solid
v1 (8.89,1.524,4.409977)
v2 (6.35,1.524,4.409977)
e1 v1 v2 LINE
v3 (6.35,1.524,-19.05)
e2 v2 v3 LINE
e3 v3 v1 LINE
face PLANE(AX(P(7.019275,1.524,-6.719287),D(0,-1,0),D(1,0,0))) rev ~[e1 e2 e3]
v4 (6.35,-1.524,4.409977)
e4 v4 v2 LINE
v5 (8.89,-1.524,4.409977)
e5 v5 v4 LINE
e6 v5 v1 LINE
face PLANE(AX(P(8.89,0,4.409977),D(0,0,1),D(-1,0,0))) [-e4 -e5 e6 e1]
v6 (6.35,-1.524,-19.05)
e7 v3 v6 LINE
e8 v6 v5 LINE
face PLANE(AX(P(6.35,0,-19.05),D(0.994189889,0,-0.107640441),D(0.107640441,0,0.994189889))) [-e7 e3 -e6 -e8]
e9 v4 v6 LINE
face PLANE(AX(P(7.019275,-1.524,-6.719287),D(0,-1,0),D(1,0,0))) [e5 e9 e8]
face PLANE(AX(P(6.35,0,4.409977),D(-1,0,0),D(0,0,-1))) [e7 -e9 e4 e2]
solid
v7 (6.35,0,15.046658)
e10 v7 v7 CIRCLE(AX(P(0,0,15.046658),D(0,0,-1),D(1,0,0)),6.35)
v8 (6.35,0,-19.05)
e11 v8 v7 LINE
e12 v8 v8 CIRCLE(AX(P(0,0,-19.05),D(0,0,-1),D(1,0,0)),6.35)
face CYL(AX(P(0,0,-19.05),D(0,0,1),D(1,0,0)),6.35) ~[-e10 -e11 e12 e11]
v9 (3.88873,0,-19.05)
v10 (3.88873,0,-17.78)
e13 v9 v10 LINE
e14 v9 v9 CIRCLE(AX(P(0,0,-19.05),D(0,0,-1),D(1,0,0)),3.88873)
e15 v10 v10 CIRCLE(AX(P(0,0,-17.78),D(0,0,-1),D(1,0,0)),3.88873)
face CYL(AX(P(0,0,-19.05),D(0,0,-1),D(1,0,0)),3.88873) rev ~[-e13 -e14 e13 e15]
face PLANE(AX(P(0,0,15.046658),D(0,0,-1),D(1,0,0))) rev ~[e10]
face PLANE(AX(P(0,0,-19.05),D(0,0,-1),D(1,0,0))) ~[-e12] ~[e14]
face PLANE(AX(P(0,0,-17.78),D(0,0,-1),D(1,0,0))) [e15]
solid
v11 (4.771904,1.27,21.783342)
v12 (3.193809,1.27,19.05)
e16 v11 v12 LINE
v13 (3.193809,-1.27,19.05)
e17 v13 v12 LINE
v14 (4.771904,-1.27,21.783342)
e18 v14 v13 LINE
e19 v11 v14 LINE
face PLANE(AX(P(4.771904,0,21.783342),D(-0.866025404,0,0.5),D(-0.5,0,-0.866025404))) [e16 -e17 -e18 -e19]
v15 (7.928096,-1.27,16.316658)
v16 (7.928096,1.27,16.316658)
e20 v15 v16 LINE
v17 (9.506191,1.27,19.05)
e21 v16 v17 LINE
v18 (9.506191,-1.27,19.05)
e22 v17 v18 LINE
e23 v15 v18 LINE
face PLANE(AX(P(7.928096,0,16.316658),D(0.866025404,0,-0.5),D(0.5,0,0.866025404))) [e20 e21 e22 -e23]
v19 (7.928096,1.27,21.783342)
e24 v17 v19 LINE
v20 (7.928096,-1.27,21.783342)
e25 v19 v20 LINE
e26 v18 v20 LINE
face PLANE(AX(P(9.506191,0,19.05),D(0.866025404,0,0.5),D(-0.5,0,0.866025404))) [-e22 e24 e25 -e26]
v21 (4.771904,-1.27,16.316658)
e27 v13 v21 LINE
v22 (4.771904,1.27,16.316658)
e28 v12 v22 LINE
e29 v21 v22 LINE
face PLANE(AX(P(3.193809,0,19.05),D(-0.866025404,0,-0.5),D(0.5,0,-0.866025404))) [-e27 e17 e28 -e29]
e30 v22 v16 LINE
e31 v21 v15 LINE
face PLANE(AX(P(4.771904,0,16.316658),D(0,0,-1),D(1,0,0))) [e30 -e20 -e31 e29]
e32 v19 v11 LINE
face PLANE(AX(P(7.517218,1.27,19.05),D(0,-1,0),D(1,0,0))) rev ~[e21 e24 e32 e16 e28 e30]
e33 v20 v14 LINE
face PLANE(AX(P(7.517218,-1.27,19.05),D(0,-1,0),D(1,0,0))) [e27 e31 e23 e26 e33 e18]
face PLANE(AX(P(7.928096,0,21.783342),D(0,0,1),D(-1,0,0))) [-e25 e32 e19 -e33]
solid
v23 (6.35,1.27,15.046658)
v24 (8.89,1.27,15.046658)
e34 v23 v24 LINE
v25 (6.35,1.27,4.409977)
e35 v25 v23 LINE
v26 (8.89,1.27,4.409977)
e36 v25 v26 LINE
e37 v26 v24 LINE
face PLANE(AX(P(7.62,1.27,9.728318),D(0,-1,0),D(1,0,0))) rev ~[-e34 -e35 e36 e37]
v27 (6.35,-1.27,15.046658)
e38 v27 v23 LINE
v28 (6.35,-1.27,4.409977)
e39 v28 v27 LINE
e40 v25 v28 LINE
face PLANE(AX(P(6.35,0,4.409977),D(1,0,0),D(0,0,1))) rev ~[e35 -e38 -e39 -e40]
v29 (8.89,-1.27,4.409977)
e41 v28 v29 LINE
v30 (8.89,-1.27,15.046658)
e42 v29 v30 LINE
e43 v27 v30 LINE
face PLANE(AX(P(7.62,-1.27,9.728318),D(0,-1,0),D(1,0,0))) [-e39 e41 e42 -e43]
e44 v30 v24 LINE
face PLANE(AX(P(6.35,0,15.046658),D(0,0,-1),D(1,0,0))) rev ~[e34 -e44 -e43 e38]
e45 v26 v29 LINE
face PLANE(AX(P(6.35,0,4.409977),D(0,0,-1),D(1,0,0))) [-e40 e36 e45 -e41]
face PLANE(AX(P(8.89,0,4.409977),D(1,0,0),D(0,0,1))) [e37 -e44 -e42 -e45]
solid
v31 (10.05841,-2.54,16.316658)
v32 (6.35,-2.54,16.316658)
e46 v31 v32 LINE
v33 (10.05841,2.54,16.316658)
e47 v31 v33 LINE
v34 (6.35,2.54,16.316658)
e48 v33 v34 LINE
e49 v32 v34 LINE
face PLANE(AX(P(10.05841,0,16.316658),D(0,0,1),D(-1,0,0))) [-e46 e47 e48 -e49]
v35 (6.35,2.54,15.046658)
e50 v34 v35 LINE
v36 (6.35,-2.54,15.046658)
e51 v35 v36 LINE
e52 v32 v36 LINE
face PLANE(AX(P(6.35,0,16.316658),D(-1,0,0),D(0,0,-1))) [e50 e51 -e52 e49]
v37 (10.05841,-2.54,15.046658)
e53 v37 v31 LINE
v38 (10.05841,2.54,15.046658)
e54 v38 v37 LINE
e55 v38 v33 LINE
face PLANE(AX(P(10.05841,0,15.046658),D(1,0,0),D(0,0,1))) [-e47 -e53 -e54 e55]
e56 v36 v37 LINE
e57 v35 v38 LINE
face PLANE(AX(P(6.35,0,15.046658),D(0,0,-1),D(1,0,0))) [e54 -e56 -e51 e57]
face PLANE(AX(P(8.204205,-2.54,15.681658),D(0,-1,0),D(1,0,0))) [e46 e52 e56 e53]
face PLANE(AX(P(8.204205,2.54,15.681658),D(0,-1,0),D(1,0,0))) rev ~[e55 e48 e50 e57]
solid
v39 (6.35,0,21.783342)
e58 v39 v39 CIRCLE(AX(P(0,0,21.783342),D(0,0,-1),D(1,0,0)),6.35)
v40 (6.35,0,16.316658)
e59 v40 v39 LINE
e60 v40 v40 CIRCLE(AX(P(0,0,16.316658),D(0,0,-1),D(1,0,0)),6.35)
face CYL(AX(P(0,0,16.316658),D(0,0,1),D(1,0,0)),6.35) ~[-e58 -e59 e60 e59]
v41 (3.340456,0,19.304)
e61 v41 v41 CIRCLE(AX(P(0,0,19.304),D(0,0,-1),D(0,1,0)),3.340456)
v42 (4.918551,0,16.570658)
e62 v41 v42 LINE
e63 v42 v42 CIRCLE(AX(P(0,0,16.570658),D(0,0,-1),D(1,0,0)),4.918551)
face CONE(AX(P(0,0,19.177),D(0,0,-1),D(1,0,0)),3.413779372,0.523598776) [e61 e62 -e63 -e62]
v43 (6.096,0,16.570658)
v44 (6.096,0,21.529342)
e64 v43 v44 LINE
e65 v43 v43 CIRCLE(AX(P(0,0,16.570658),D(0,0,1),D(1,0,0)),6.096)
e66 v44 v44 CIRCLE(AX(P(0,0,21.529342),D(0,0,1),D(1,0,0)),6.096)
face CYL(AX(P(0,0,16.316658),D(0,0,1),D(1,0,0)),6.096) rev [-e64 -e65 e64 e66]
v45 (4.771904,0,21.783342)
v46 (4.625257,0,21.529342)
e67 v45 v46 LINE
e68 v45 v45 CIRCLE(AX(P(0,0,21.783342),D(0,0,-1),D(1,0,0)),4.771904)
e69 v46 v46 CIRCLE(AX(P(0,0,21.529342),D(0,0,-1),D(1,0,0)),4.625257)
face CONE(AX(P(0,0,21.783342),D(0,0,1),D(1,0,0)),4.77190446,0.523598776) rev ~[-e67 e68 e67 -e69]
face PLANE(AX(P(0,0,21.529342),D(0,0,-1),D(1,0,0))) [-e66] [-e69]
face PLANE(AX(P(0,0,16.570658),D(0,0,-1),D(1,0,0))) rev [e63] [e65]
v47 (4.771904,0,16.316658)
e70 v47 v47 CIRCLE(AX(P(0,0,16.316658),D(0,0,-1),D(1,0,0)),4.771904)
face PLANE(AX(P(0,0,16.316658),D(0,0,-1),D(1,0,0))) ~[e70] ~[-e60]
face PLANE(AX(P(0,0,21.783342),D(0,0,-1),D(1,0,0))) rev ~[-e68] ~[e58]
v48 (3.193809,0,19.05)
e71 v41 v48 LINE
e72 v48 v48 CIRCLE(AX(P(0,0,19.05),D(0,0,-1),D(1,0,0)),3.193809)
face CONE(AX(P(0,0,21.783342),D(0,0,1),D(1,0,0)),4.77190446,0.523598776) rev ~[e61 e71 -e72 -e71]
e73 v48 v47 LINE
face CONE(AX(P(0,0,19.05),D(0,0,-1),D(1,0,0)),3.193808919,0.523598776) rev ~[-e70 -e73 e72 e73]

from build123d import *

# Parameters (mm, degrees)
F3_DEPTH = 1.524
F0_W     = 2.54
F0_H     = 10.6366808762
F4_DEPTH = 1.27
F7_DEPTH = 2.54
F5_DEPTH = 1.27
F6_T     = -0.254
F8_R     = 3.8887295668
F9_DEPTH = 1.27


with BuildPart() as f1:
    # F0 (on Front) → F1 (revolve)
    with BuildSketch(Plane.XZ):
        Polygon((0, -19.05), (6.35, -19.05), (6.35, 4.4099774687), (6.35, 15.0466583449), (0, 15.0466583449), align=None)
    revolve(axis=Axis((0, 0, 1.4181472361), (0, 0, -1)))

    # F8 (on face) → F9 (cut)
    with BuildSketch(Plane(origin=(0, 0, -19.05), x_dir=(1, 0, 0), z_dir=(0, 0, -1))):
        Circle(F8_R)
    extrude(amount=-F9_DEPTH, mode=Mode.SUBTRACT)


with BuildPart() as f2:
    # F0 (on Front) → F2 (revolve)
    with BuildSketch(Plane.XZ):
        Polygon((4.7719044596, 16.3166583449), (6.35, 16.3166583449), (6.35, 19.05), (3.1938089192, 19.05), align=None)
        Polygon((4.7719044596, 21.7833416551), (3.1938089192, 19.05), (6.35, 19.05), (6.35, 21.7833416551), align=None)
    revolve(axis=Axis((0, 0, 1.4181472361), (0, 0, -1)))

    # F6
    f6_openings = [f2.faces().sort_by_distance(p)[0] for p in [
        (-3.982857, 0, 20.416671),
    ]]
    offset(amount=F6_T, openings=f6_openings)


with BuildPart() as f3:
    # F0 (on Front) → F3 (new body, symmetric)
    with BuildSketch(Plane.XZ):
        Polygon((6.35, 4.4099774687), (6.35, -19.05), (8.89, 4.4099774687), align=None)
    extrude(amount=F3_DEPTH, both=True)


with BuildPart() as f4:
    # F0 (on Front) → F4 (new body, symmetric)
    with BuildSketch(Plane.XZ):
        with Locations((7.62, 9.7283179068)):
            Rectangle(F0_W, F0_H)
    extrude(amount=F4_DEPTH, both=True)


with BuildPart() as f7:
    # F0 (on Front) → F7 (new body, symmetric)
    with BuildSketch(Plane.XZ):
        Polygon((6.35, 16.3166583449), (6.35, 15.0466583449), (8.89, 15.0466583449), (10.0584103287, 15.0466583449), (10.0584103287, 16.3166583449), (7.9280955404, 16.3166583449), align=None)
    extrude(amount=F7_DEPTH, both=True)


with BuildPart() as f5:
    # F0 (on Front) → F5 (new body, symmetric)
    with BuildSketch(Plane.XZ):
        Polygon((6.35, 19.05), (6.35, 16.3166583449), (7.9280955404, 16.3166583449), (9.5061910808, 19.05), (7.9280955404, 21.7833416551), (6.35, 21.7833416551), align=None)
        Polygon((4.7719044596, 21.7833416551), (3.1938089192, 19.05), (6.35, 19.05), (6.35, 21.7833416551), align=None)
        Polygon((4.7719044596, 16.3166583449), (6.35, 16.3166583449), (6.35, 19.05), (3.1938089192, 19.05), align=None)
    extrude(amount=F5_DEPTH, both=True)


solid = Compound([f1.part, f2.part, f3.part, f4.part, f7.part, f5.part])
